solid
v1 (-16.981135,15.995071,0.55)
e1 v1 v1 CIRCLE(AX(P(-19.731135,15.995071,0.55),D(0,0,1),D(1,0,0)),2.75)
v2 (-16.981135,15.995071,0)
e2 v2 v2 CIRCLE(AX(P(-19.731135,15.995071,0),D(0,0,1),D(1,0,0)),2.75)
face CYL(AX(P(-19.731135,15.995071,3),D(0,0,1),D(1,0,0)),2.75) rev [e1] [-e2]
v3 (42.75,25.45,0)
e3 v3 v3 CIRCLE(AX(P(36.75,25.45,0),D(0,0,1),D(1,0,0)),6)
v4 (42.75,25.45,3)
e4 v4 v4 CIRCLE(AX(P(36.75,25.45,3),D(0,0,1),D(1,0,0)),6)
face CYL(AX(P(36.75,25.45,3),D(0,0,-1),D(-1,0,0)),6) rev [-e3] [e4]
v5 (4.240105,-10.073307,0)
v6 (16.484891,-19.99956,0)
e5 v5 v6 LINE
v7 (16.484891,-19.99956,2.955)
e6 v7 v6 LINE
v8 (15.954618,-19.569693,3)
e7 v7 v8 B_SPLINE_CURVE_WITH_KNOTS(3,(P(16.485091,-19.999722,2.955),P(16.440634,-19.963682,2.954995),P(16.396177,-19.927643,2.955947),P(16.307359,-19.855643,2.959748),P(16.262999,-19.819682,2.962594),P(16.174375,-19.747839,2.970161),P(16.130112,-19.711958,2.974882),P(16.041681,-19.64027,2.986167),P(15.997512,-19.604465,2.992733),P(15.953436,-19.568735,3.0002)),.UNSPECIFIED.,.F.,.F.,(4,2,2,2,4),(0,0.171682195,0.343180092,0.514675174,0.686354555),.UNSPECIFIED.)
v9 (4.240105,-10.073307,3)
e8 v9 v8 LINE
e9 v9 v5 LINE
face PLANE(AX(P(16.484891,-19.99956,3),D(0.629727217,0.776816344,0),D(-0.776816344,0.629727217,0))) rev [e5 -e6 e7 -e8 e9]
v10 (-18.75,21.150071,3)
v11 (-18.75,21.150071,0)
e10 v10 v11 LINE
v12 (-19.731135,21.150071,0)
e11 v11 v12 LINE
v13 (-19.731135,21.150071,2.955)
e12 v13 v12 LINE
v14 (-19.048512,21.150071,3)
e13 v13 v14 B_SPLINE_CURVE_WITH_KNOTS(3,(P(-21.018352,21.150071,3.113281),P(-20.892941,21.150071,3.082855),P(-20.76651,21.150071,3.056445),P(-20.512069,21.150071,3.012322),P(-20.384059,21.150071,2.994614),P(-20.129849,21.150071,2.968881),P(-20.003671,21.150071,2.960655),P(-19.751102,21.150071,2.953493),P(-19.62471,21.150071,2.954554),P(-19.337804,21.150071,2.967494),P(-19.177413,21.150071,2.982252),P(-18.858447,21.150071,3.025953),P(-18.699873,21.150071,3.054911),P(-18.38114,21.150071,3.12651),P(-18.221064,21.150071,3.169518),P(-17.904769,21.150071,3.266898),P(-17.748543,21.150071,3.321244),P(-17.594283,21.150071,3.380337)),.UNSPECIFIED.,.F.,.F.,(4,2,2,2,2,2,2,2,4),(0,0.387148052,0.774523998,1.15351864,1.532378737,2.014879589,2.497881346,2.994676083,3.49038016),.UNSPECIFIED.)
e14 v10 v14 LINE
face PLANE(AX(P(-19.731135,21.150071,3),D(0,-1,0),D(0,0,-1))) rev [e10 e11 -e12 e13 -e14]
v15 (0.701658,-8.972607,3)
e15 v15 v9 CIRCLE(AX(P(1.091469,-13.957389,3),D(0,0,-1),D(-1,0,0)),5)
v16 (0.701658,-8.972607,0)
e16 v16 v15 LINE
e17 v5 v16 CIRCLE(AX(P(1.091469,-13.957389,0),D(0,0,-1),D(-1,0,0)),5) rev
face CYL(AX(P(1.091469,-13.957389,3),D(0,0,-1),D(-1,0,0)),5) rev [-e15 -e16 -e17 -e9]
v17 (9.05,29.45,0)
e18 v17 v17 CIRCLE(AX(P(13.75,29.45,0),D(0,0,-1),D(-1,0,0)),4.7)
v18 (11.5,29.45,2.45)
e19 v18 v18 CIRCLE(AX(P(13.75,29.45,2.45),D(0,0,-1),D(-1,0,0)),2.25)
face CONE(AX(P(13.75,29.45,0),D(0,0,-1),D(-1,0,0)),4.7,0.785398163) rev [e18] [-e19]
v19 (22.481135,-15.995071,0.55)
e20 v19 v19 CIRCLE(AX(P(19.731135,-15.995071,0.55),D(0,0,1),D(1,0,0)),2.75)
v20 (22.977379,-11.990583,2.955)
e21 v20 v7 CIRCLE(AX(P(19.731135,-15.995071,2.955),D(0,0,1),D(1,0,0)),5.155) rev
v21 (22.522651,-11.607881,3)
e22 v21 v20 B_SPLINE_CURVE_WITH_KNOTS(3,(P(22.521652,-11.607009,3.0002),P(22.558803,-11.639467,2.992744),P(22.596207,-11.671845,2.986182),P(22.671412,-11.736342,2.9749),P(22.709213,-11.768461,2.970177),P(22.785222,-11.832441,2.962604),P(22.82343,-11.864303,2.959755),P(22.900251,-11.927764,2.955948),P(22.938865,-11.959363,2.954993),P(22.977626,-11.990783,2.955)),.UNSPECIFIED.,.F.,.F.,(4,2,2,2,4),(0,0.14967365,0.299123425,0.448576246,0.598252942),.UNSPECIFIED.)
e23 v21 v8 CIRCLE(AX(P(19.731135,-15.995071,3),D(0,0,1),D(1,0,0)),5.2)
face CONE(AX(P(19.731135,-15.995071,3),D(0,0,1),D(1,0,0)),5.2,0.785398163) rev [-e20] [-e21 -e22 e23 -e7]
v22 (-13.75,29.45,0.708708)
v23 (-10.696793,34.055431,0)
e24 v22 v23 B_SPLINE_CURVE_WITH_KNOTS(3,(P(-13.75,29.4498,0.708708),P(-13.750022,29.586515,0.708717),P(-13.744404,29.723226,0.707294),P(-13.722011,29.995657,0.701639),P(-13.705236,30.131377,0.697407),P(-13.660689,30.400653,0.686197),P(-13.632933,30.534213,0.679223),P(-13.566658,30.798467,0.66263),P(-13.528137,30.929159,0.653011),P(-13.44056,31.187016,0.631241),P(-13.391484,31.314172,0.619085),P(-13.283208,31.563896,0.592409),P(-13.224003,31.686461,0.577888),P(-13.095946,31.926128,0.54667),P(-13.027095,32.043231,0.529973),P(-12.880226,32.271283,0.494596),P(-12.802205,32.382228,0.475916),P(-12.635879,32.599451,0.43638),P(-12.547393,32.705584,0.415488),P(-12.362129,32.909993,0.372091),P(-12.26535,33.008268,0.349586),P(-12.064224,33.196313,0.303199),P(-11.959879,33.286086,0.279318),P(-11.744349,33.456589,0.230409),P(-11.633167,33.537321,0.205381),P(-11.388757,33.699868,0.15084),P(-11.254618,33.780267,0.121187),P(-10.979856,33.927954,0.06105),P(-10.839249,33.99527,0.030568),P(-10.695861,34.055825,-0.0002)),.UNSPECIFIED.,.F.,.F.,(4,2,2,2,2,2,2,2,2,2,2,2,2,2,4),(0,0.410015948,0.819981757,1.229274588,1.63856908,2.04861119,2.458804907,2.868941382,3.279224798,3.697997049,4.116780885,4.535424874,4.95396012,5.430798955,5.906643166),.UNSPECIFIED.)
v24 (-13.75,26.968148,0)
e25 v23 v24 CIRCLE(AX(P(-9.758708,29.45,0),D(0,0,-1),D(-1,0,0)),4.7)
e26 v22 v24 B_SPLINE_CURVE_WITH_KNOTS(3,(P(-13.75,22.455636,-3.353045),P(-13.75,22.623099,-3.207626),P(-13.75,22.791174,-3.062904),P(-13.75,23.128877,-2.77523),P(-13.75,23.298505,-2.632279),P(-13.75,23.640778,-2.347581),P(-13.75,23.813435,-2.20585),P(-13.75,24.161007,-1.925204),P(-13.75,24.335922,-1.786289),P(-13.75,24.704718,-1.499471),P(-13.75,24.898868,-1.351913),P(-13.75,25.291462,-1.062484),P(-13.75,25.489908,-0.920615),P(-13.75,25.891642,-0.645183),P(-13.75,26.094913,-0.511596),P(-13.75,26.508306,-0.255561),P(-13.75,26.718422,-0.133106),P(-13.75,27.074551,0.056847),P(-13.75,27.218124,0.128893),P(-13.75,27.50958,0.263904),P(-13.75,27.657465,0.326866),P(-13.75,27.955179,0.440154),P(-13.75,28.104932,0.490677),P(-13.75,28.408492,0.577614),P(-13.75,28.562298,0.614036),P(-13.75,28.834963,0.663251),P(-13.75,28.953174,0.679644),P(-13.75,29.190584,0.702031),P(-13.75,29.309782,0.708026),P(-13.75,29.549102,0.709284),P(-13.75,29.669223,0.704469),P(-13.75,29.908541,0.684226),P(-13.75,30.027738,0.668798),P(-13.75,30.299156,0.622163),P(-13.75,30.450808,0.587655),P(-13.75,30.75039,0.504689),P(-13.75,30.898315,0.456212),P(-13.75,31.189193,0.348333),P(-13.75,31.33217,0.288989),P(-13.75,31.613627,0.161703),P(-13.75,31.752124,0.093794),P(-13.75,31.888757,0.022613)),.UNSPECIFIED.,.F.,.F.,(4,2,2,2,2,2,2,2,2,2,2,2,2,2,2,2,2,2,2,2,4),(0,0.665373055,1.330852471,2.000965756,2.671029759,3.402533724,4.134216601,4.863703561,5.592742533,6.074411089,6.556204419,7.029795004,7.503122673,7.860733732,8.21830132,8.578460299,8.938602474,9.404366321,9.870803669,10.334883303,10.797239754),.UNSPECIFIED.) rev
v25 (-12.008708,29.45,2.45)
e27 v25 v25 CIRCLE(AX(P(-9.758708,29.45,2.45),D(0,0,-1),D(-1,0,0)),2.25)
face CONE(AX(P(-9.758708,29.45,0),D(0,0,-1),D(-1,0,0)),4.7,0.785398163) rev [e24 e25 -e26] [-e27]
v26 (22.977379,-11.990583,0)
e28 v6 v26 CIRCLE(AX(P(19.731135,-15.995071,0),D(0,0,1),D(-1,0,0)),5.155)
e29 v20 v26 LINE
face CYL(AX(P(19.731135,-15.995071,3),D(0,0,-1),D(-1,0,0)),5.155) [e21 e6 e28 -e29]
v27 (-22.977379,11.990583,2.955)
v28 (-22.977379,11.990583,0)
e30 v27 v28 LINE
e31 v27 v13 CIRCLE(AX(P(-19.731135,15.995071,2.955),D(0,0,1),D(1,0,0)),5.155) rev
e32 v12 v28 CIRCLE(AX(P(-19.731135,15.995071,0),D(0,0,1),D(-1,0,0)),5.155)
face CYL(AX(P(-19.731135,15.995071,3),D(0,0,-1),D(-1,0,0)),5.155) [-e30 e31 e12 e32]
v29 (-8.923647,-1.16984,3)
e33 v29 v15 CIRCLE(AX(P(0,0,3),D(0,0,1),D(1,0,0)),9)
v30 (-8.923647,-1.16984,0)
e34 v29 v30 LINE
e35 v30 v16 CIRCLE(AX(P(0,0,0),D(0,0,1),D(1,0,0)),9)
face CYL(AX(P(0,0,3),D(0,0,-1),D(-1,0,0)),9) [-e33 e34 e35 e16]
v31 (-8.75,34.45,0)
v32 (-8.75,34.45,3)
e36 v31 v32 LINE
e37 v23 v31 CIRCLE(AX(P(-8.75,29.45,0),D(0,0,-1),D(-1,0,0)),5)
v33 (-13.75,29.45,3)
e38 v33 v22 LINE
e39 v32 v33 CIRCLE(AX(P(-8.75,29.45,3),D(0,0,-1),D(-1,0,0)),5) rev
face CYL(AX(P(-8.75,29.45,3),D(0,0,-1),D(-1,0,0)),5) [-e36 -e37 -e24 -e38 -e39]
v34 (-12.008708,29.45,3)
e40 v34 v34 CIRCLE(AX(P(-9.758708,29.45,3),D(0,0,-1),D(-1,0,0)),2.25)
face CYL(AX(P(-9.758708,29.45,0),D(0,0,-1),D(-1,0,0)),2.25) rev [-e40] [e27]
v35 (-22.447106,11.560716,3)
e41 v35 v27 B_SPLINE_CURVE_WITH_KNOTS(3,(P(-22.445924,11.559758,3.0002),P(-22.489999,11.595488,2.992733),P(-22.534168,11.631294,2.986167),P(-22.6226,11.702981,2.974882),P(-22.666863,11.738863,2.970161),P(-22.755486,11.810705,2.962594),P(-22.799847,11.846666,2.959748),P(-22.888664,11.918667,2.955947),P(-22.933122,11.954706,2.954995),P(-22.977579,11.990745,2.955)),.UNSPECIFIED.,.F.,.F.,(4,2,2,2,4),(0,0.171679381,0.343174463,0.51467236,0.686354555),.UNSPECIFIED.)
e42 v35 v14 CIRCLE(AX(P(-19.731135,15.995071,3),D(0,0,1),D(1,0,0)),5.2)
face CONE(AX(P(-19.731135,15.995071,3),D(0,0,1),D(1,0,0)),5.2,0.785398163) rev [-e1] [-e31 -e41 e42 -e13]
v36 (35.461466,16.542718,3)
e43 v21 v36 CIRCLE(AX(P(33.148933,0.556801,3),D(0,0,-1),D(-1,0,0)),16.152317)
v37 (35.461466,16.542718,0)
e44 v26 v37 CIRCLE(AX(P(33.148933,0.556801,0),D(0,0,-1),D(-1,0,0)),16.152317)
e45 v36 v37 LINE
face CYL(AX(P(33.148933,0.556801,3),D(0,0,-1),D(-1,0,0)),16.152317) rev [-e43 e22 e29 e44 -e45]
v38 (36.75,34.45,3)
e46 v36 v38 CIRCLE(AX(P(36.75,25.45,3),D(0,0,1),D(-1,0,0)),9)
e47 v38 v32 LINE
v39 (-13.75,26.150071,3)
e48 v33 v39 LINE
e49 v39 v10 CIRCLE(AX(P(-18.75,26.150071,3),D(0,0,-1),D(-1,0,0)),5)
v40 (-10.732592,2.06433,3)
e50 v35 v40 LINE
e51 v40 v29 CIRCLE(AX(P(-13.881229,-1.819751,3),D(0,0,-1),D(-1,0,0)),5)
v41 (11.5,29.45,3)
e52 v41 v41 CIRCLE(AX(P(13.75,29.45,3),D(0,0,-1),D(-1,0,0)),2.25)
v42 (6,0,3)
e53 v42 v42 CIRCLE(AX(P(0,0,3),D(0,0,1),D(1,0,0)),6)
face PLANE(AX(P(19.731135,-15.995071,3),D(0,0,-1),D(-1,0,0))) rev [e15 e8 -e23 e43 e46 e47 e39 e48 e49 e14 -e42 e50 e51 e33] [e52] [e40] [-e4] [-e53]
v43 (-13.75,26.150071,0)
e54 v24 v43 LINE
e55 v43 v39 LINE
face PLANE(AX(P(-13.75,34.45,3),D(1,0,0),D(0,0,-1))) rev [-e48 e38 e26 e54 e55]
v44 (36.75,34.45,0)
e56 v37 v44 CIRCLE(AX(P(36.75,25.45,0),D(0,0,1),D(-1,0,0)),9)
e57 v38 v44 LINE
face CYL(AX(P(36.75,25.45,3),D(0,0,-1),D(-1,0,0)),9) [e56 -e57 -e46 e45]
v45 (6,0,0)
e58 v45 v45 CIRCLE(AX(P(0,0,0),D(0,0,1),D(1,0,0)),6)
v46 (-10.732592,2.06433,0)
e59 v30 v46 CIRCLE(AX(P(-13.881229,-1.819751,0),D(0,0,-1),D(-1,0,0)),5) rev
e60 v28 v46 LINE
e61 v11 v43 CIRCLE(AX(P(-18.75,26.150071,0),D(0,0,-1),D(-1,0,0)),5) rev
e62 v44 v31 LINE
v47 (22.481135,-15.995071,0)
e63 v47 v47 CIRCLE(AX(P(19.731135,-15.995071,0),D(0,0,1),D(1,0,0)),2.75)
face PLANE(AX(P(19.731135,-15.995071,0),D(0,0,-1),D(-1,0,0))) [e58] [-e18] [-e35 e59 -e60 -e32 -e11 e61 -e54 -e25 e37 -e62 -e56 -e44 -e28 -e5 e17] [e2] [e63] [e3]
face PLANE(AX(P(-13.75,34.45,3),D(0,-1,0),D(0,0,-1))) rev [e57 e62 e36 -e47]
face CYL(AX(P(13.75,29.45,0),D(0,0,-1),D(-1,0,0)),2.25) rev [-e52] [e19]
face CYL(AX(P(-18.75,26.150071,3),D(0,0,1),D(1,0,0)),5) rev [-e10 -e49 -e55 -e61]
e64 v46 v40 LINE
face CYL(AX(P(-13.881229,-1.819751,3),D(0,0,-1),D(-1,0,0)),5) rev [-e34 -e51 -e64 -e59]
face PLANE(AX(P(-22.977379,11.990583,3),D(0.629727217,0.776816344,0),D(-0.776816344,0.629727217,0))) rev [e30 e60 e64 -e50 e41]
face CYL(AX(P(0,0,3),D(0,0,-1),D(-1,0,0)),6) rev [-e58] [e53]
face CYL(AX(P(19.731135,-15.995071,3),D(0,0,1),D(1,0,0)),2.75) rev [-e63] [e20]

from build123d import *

# Parameters (mm, degrees)
SKETCH1_R                                    = 2
SKETCH1_R_2                                  = 6
BOSS_EXTRUDE1_DEPTH                          = 3
FILLET1_R                                    = 5
CSK_FOR_M4_COUNTERSUNK_FLAT_HEAD_SCR_2_COUNT = 2
CSK_FOR_M4_COUNTERSUNK_FLAT_HEAD_SCR_2_PITCH = 23.508708273
CSK_FOR_M5_COUNTERSUNK_FLAT_HEAD_SCR_2_COUNT = 2
CSK_FOR_M5_COUNTERSUNK_FLAT_HEAD_SCR_2_PITCH = 50.8


with BuildPart() as part:
    # Sketch1 → Boss-Extrude1 (new body)
    with BuildSketch(Plane.XY):
        with BuildLine():
            Line((16.48489132, -19.999559574), (2.484638151, -8.650235445))
            ThreePointArc((2.484638151, -8.650235445), (-5.667544957, -6.991347092), (-8.977125763, 0.641258943))
            Line((-8.977125763, 0.641258943), (-22.977378932, 11.990583072))
            ThreePointArc((-22.977378932, 11.990583072), (-24.590001349, 17.71711779), (-19.731135126, 21.150071323))
            Line((-19.731135126, 21.150071323), (-14.065364661, 21.150071323))
            Line((-14.065364661, 21.150071323), (-13.75, 21.150071323))
            Line((-13.75, 21.150071323), (-13.75, 34.45))
            Line((-13.75, 34.45), (13.75, 34.45))
            Line((13.75, 34.45), (36.75, 34.45))
            ThreePointArc((36.75, 34.45), (45.726790692, 24.804067443), (35.461466363, 16.542717526))
            ThreePointArc((35.461466363, 16.542717526), (18.351015207, 7.031288175), (22.977378932, -11.990583072))
            ThreePointArc((22.977378932, -11.990583072), (23.735623377, -19.241315129), (16.48489132, -19.999559574))
        make_face()
        with Locations((-19.731135126, 15.995071323)):
            Circle(SKETCH1_R, mode=Mode.SUBTRACT)
        with Locations((19.731135126, -15.995071323)):
            Circle(SKETCH1_R, mode=Mode.SUBTRACT)
        Circle(SKETCH1_R_2, mode=Mode.SUBTRACT)
        with Locations((36.75, 25.45)):
            Circle(SKETCH1_R_2, mode=Mode.SUBTRACT)
    extrude(amount=BOSS_EXTRUDE1_DEPTH)

    # Fillet1
    fillet1_edges = [part.edges().sort_by_distance(p)[0] for p in [
        (2.484638151, -8.650235445, 1.5),
        (-8.977125763, 0.641258943, 1.5),
        (-13.75, 21.150071323, 1.5),
        (-13.75, 34.45, 1.5),
    ]]
    fillet(fillet1_edges, radius=FILLET1_R)

    # Sketch3 → CSK for M4 Countersunk Flat Head Screw1 (revolve, cut)
    with BuildSketch(Plane(origin=(13.75, 29.45, 0), x_dir=(0, 1, 0), z_dir=(1, 0, 0))):
        Polygon((0, 0), (0, 3), (2.25, 3), (2.25, 2.45), (4.7, 0), align=None)
    csk_for_m4_countersunk_flat_head_screw1 = revolve(axis=Axis((13.75, 29.45, -6.35), (0, 0, 1)), mode=Mode.SUBTRACT)

    # CSK for M4 Countersunk Flat Head Scr 2: CSK for M4 Countersunk Flat Head Screw1 ×2
    with Locations(*[(-i * CSK_FOR_M4_COUNTERSUNK_FLAT_HEAD_SCR_2_PITCH, 0, 0) for i in range(1, CSK_FOR_M4_COUNTERSUNK_FLAT_HEAD_SCR_2_COUNT)]):
        add(csk_for_m4_countersunk_flat_head_screw1, mode=Mode.SUBTRACT)

    # Sketch6 → CSK for M5 Countersunk Flat Head Screw1 (revolve, cut)
    with BuildSketch(Plane(origin=(-19.731135126, 15.995071323, 3), x_dir=(0, -1, 0), z_dir=(1, 0, 0))):
        Polygon((0, 0), (0, 3), (2.75, 3), (2.75, 2.45), (5.2, 0), align=None)
    csk_for_m5_countersunk_flat_head_screw1 = revolve(axis=Axis((-19.731135126, 15.995071323, 9.35), (0, 0, -1)), mode=Mode.SUBTRACT)

    # CSK for M5 Countersunk Flat Head Scr 2: CSK for M5 Countersunk Flat Head Screw1 ×2
    with Locations(*[Vector(0.7768163435563247, -0.6297272174392513, 0) * (i * CSK_FOR_M5_COUNTERSUNK_FLAT_HEAD_SCR_2_PITCH) for i in range(1, CSK_FOR_M5_COUNTERSUNK_FLAT_HEAD_SCR_2_COUNT)]):
        add(csk_for_m5_countersunk_flat_head_screw1, mode=Mode.SUBTRACT)


solid = part.part
